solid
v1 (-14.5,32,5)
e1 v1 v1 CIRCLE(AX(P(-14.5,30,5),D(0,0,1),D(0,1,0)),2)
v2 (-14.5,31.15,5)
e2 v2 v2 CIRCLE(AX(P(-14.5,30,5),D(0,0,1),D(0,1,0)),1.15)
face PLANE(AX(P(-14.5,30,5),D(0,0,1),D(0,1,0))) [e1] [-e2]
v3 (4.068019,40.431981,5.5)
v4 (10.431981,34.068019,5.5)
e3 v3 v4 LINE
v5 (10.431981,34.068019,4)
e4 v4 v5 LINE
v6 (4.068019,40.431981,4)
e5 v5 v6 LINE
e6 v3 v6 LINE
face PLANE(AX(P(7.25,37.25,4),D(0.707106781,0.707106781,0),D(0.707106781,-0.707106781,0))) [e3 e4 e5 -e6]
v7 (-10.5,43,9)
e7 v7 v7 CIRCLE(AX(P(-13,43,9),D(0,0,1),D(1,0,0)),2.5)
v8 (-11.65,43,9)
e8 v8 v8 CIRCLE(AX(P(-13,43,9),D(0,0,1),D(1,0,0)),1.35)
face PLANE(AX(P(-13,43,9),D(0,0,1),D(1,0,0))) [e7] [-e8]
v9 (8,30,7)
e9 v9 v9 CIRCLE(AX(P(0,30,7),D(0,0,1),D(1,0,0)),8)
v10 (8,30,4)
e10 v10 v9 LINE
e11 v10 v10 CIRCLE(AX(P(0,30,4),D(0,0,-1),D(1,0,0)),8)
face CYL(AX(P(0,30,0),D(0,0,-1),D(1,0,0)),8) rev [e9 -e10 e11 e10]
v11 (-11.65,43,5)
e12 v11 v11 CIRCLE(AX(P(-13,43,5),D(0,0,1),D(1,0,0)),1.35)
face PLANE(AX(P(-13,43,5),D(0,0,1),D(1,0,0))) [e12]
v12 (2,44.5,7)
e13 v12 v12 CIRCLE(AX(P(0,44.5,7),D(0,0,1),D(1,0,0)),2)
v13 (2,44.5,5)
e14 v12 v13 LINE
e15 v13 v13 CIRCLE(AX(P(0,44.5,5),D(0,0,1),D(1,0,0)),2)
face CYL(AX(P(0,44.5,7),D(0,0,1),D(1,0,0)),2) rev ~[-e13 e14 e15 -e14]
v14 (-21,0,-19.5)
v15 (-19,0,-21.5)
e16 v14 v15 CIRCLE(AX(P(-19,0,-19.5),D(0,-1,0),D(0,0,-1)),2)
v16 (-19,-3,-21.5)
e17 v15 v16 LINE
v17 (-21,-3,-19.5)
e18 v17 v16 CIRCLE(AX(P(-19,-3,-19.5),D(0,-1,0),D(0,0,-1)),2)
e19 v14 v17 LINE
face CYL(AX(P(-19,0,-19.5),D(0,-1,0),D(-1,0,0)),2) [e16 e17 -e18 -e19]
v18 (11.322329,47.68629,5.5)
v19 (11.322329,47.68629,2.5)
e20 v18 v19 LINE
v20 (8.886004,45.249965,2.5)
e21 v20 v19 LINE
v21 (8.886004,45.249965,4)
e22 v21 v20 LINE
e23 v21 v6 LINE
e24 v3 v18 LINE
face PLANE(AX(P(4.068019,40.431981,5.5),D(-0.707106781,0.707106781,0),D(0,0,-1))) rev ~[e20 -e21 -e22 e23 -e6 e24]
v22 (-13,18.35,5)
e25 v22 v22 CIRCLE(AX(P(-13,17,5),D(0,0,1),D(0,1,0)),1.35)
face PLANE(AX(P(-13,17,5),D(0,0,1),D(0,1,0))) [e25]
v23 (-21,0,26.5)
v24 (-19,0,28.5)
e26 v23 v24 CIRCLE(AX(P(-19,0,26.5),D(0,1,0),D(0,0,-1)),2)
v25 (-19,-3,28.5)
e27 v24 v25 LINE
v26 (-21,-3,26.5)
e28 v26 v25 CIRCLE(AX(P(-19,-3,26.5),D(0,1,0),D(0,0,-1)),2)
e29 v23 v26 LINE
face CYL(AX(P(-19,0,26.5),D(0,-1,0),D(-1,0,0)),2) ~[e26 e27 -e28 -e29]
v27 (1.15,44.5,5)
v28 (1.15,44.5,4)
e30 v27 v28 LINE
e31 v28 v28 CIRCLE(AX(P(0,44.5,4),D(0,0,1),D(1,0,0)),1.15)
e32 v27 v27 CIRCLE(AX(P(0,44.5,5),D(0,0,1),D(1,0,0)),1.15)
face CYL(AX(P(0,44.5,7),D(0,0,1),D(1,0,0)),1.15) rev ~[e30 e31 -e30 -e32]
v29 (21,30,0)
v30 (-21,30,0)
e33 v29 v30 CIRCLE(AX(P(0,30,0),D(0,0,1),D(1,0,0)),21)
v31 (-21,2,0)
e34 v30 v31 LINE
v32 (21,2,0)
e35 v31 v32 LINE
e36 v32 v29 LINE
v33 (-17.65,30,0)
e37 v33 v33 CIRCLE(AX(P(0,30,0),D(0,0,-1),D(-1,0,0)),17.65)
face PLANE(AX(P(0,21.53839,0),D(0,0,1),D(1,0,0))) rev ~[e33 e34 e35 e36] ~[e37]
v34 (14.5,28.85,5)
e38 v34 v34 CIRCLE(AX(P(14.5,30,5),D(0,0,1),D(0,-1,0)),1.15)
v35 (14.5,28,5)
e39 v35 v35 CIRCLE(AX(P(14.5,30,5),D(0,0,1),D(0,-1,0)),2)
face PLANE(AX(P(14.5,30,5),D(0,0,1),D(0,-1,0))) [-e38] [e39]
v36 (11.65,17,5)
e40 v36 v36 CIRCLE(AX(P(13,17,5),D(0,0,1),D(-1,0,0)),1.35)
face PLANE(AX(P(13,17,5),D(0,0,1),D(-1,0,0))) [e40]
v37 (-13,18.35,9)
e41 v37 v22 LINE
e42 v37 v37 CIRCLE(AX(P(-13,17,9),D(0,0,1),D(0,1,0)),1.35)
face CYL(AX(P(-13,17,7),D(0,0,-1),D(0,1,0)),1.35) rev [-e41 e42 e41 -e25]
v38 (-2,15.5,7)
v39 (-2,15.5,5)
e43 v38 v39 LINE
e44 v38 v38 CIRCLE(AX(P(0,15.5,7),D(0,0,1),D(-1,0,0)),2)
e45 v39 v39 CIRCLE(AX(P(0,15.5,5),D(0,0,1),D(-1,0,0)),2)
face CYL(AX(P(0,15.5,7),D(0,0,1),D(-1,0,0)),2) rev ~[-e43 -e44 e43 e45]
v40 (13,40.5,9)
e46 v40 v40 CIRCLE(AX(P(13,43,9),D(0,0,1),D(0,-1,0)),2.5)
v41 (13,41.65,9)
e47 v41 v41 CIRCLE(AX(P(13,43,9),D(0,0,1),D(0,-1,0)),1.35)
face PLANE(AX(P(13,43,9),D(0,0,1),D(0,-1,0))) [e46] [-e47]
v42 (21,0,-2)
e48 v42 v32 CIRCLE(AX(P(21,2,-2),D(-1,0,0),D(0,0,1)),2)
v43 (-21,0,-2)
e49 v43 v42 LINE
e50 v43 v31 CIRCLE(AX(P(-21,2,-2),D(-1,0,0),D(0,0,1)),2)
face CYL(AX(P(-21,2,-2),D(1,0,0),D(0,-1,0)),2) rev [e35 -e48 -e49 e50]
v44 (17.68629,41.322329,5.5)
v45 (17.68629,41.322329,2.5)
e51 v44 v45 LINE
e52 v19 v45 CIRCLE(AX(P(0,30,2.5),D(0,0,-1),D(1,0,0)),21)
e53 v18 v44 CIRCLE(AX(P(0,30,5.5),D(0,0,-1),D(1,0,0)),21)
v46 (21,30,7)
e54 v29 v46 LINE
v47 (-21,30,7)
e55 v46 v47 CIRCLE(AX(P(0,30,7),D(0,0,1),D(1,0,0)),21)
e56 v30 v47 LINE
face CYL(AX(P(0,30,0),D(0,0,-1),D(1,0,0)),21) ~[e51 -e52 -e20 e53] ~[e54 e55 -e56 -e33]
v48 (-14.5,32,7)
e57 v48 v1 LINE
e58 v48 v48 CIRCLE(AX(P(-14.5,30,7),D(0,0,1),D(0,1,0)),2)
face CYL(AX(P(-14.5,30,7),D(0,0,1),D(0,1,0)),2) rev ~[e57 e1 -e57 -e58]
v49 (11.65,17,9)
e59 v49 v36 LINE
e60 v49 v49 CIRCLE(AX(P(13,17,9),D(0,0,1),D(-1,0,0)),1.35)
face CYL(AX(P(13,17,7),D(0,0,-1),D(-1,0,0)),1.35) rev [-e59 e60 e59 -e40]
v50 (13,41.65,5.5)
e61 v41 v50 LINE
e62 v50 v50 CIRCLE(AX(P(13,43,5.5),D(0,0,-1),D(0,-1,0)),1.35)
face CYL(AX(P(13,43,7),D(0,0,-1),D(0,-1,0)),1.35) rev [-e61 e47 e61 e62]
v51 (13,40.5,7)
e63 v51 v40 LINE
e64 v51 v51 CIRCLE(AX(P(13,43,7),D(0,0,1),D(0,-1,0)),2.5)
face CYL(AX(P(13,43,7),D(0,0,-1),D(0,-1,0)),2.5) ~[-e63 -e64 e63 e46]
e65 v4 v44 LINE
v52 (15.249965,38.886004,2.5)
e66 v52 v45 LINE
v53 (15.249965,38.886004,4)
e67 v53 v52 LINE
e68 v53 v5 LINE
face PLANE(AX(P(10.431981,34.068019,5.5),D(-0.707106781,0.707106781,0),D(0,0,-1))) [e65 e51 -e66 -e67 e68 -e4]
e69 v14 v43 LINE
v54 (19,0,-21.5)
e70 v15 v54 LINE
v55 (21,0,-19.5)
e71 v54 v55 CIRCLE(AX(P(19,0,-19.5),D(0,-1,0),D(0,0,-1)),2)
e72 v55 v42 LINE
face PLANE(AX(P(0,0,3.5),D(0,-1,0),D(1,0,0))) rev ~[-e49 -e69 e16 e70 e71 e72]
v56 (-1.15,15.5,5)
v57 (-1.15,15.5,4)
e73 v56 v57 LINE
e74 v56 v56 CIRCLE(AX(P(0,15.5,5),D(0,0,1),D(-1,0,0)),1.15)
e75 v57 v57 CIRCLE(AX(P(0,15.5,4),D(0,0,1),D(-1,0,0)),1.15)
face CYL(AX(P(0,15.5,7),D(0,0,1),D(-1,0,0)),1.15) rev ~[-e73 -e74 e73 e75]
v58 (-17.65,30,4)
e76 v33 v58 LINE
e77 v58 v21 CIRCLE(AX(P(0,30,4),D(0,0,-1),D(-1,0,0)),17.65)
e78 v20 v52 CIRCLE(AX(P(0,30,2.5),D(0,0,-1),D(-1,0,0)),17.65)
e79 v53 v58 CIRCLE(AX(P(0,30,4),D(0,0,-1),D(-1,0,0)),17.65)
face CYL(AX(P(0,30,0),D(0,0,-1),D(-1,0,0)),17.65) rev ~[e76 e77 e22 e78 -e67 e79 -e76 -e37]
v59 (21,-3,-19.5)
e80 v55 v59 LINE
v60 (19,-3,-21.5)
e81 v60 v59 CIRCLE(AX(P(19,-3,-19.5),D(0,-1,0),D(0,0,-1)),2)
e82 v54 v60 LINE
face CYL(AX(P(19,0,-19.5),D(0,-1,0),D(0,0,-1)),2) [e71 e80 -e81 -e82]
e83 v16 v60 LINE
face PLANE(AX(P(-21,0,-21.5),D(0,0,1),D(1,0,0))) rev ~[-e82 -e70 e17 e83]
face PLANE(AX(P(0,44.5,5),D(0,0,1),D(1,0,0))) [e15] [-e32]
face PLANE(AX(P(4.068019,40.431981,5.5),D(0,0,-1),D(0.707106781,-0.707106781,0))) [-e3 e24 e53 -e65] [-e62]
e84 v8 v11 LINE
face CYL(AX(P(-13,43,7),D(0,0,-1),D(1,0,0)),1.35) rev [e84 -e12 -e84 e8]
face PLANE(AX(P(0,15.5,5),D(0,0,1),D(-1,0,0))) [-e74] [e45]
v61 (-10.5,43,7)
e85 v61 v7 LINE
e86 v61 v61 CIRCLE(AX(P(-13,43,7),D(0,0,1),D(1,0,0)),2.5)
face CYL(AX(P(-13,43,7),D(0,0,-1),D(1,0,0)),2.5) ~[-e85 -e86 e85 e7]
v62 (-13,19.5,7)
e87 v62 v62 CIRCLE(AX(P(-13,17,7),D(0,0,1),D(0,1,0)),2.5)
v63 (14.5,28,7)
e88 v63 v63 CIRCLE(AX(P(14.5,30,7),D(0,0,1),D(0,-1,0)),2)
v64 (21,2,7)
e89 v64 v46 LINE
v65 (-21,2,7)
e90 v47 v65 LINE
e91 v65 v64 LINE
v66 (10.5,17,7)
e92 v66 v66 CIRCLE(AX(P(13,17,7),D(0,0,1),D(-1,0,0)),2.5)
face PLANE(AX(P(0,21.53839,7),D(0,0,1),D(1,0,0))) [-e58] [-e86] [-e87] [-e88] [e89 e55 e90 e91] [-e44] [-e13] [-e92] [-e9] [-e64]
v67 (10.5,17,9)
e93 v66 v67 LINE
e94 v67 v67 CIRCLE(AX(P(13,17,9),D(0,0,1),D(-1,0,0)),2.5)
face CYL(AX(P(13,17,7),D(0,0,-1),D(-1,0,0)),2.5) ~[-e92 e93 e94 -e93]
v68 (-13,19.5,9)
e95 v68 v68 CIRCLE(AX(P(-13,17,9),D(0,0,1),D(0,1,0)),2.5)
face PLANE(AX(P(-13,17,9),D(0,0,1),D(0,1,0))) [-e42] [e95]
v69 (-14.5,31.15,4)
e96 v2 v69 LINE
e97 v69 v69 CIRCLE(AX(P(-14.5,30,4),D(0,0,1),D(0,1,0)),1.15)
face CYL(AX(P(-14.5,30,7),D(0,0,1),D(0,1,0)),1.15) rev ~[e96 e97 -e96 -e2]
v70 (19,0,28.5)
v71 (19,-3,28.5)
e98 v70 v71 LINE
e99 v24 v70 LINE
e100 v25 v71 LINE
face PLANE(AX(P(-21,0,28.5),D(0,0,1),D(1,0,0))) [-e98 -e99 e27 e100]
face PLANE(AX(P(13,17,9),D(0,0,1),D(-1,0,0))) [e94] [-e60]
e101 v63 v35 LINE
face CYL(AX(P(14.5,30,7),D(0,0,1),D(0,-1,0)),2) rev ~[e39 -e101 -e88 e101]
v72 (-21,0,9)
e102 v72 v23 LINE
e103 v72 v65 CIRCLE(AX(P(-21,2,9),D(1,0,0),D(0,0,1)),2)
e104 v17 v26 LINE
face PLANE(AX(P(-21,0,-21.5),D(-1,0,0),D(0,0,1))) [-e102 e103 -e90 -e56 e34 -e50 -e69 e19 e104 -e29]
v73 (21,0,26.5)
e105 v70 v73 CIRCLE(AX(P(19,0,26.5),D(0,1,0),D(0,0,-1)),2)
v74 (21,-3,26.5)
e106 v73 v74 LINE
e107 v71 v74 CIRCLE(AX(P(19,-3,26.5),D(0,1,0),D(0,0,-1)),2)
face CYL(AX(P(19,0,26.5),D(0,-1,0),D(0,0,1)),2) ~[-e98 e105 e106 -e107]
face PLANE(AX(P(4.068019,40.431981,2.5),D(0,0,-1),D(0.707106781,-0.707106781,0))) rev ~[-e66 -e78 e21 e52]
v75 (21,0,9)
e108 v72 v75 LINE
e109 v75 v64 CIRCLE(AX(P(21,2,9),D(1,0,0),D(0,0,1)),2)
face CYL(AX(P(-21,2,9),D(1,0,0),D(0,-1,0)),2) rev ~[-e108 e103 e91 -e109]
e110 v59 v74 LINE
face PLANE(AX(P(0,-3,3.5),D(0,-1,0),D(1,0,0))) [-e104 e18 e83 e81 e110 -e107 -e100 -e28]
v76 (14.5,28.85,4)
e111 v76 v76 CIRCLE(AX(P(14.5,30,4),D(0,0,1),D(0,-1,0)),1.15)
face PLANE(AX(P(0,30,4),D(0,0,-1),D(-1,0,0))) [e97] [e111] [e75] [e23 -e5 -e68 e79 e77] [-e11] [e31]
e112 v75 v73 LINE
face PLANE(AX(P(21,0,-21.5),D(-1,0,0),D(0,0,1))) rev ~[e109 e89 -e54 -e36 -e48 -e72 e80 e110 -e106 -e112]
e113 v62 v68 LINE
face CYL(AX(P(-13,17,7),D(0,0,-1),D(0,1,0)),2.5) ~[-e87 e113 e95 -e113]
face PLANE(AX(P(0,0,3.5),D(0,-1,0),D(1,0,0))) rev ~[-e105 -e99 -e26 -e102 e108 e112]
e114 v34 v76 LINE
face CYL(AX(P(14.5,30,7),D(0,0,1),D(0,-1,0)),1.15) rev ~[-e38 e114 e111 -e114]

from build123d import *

# Parameters (mm, degrees)
SKETCH1_R           = 8
BOSS_EXTRUDE1_DEPTH = 7
SKETCH2_R           = 17.65
CUT_EXTRUDE1_DEPTH  = 4
CUT_EXTRUDE2_REACH  = 57.597
SKETCH4_R           = 1.15
SKETCH5_R           = 2
CUT_EXTRUDE3_DEPTH  = 2
SKETCH6_R           = 2.5
SKETCH6_R_2         = 1.35
BOSS_EXTRUDE2_DEPTH = 2
CUT_EXTRUDE4_START  = -2
SKETCH6_2_R         = 1.35
CUT_EXTRUDE4_DEPTH  = 2
CIRPATTERN3_COUNT   = 4
SKETCH7_W           = 42
SKETCH7_H           = 50
BOSS_EXTRUDE3_DEPTH = 3
FILLET1_R           = 2
CUT_EXTRUDE5_REACH  = 61.24
SKETCH8_W           = 9
SKETCH8_H           = 3


with BuildPart() as part:
    # Sketch1 → Boss-Extrude1 (new body)
    with BuildSketch(Plane.XY):
        with BuildLine():
            Line((-21, 0), (21, 0))
            Line((21, 0), (21, 30))
            ThreePointArc((21, 30), (0, 51), (-21, 30))
            Line((-21, 30), (-21, 0))
        make_face()
        with Locations((0, 30)):
            Circle(SKETCH1_R, mode=Mode.SUBTRACT)
    extrude(amount=BOSS_EXTRUDE1_DEPTH)

    # Sketch2 → Cut-Extrude1 (cut)
    with BuildSketch(Plane(origin=(0, 0, 0), x_dir=(-1, 0, 0), z_dir=(0, 0, -1))):
        with Locations((0, 30)):
            Circle(SKETCH2_R)
    extrude(amount=-CUT_EXTRUDE1_DEPTH, mode=Mode.SUBTRACT)

    # Sketch4 → Cut-Extrude2 (cut, up to next)
    with BuildSketch(Plane.XY.offset(7), mode=Mode.PRIVATE) as cut_extrude2_sk1:
        with Locations((0, 44.5)):
            Circle(SKETCH4_R)
    cut_extrude2_tool1 = extrude(cut_extrude2_sk1.sketch, amount=-CUT_EXTRUDE2_REACH, mode=Mode.PRIVATE) & part.part
    cut_extrude2 = cut_extrude2_tool1.solids().sort_by_distance((0, 44.5, 7))[0]
    add(cut_extrude2, mode=Mode.SUBTRACT)

    # Sketch5 → Cut-Extrude3 (cut)
    with BuildSketch(Plane.XY.offset(7)):
        with Locations((0, 44.5)):
            Circle(SKETCH5_R)
    cut_extrude3 = extrude(amount=-CUT_EXTRUDE3_DEPTH, mode=Mode.SUBTRACT)

    # Sketch6 → Boss-Extrude2 (add)
    with BuildSketch(Plane.XY.offset(7)):
        with Locations((-13, 43)):
            Circle(SKETCH6_R)
        with Locations((-13, 43)):
            Circle(SKETCH6_R_2, mode=Mode.SUBTRACT)
    boss_extrude2 = extrude(amount=BOSS_EXTRUDE2_DEPTH)

    # Sketch6<2> → Cut-Extrude4 (cut)
    with BuildSketch(Plane.XY.offset(7).offset(CUT_EXTRUDE4_START)):
        with Locations((-13, 43)):
            Circle(SKETCH6_2_R)
    cut_extrude4 = extrude(amount=CUT_EXTRUDE4_DEPTH, mode=Mode.SUBTRACT)

    # CirPattern3: Cut-Extrude2, Cut-Extrude3, Boss-Extrude2, Cut-Extrude4 ×4 about axis
    cirpattern3_axis = Axis((0, 30, 7), (0, 0, -1))
    add([cut_extrude2.rotate(cirpattern3_axis, i * 360 / CIRPATTERN3_COUNT) for i in range(1, CIRPATTERN3_COUNT)], mode=Mode.SUBTRACT)
    add([cut_extrude3.rotate(cirpattern3_axis, i * 360 / CIRPATTERN3_COUNT) for i in range(1, CIRPATTERN3_COUNT)], mode=Mode.SUBTRACT)
    add([boss_extrude2.rotate(cirpattern3_axis, i * 360 / CIRPATTERN3_COUNT) for i in range(1, CIRPATTERN3_COUNT)])
    add([cut_extrude4.rotate(cirpattern3_axis, i * 360 / CIRPATTERN3_COUNT) for i in range(1, CIRPATTERN3_COUNT)], mode=Mode.SUBTRACT)

    # Sketch7 → Boss-Extrude3 (add)
    with BuildSketch(Plane.XZ):
        with Locations((0, 3.5)):
            Rectangle(SKETCH7_W, SKETCH7_H)
    extrude(amount=BOSS_EXTRUDE3_DEPTH)

    # Fillet1
    fillet1_edges = [part.edges().sort_by_distance(p)[0] for p in [
        (0, 0, 7),
        (0, 0, 0),
        (21, -1.5, -21.5),
        (-21, -1.5, -21.5),
        (21, -1.5, 28.5),
        (-21, -1.5, 28.5),
    ]]
    fillet(fillet1_edges, radius=FILLET1_R)

    # Sketch8 → Cut-Extrude5 (cut, up to next)
    with BuildSketch(Plane(origin=(22.25, 22.25, 0), x_dir=(0.7071067811865513, -0.7071067811865437, 0), z_dir=(0.7071067811865437, 0.7071067811865513, 0)), mode=Mode.PRIVATE) as cut_extrude5_sk1:
        with Locations((-21.213203436, -4)):
            Rectangle(SKETCH8_W, SKETCH8_H)
    cut_extrude5_tool1 = extrude(cut_extrude5_sk1.sketch, amount=CUT_EXTRUDE5_REACH, mode=Mode.PRIVATE) & part.part
    add(cut_extrude5_tool1.solids().sort_by_distance((7.25, 37.25, 4))[0], mode=Mode.SUBTRACT)


solid = part.part
